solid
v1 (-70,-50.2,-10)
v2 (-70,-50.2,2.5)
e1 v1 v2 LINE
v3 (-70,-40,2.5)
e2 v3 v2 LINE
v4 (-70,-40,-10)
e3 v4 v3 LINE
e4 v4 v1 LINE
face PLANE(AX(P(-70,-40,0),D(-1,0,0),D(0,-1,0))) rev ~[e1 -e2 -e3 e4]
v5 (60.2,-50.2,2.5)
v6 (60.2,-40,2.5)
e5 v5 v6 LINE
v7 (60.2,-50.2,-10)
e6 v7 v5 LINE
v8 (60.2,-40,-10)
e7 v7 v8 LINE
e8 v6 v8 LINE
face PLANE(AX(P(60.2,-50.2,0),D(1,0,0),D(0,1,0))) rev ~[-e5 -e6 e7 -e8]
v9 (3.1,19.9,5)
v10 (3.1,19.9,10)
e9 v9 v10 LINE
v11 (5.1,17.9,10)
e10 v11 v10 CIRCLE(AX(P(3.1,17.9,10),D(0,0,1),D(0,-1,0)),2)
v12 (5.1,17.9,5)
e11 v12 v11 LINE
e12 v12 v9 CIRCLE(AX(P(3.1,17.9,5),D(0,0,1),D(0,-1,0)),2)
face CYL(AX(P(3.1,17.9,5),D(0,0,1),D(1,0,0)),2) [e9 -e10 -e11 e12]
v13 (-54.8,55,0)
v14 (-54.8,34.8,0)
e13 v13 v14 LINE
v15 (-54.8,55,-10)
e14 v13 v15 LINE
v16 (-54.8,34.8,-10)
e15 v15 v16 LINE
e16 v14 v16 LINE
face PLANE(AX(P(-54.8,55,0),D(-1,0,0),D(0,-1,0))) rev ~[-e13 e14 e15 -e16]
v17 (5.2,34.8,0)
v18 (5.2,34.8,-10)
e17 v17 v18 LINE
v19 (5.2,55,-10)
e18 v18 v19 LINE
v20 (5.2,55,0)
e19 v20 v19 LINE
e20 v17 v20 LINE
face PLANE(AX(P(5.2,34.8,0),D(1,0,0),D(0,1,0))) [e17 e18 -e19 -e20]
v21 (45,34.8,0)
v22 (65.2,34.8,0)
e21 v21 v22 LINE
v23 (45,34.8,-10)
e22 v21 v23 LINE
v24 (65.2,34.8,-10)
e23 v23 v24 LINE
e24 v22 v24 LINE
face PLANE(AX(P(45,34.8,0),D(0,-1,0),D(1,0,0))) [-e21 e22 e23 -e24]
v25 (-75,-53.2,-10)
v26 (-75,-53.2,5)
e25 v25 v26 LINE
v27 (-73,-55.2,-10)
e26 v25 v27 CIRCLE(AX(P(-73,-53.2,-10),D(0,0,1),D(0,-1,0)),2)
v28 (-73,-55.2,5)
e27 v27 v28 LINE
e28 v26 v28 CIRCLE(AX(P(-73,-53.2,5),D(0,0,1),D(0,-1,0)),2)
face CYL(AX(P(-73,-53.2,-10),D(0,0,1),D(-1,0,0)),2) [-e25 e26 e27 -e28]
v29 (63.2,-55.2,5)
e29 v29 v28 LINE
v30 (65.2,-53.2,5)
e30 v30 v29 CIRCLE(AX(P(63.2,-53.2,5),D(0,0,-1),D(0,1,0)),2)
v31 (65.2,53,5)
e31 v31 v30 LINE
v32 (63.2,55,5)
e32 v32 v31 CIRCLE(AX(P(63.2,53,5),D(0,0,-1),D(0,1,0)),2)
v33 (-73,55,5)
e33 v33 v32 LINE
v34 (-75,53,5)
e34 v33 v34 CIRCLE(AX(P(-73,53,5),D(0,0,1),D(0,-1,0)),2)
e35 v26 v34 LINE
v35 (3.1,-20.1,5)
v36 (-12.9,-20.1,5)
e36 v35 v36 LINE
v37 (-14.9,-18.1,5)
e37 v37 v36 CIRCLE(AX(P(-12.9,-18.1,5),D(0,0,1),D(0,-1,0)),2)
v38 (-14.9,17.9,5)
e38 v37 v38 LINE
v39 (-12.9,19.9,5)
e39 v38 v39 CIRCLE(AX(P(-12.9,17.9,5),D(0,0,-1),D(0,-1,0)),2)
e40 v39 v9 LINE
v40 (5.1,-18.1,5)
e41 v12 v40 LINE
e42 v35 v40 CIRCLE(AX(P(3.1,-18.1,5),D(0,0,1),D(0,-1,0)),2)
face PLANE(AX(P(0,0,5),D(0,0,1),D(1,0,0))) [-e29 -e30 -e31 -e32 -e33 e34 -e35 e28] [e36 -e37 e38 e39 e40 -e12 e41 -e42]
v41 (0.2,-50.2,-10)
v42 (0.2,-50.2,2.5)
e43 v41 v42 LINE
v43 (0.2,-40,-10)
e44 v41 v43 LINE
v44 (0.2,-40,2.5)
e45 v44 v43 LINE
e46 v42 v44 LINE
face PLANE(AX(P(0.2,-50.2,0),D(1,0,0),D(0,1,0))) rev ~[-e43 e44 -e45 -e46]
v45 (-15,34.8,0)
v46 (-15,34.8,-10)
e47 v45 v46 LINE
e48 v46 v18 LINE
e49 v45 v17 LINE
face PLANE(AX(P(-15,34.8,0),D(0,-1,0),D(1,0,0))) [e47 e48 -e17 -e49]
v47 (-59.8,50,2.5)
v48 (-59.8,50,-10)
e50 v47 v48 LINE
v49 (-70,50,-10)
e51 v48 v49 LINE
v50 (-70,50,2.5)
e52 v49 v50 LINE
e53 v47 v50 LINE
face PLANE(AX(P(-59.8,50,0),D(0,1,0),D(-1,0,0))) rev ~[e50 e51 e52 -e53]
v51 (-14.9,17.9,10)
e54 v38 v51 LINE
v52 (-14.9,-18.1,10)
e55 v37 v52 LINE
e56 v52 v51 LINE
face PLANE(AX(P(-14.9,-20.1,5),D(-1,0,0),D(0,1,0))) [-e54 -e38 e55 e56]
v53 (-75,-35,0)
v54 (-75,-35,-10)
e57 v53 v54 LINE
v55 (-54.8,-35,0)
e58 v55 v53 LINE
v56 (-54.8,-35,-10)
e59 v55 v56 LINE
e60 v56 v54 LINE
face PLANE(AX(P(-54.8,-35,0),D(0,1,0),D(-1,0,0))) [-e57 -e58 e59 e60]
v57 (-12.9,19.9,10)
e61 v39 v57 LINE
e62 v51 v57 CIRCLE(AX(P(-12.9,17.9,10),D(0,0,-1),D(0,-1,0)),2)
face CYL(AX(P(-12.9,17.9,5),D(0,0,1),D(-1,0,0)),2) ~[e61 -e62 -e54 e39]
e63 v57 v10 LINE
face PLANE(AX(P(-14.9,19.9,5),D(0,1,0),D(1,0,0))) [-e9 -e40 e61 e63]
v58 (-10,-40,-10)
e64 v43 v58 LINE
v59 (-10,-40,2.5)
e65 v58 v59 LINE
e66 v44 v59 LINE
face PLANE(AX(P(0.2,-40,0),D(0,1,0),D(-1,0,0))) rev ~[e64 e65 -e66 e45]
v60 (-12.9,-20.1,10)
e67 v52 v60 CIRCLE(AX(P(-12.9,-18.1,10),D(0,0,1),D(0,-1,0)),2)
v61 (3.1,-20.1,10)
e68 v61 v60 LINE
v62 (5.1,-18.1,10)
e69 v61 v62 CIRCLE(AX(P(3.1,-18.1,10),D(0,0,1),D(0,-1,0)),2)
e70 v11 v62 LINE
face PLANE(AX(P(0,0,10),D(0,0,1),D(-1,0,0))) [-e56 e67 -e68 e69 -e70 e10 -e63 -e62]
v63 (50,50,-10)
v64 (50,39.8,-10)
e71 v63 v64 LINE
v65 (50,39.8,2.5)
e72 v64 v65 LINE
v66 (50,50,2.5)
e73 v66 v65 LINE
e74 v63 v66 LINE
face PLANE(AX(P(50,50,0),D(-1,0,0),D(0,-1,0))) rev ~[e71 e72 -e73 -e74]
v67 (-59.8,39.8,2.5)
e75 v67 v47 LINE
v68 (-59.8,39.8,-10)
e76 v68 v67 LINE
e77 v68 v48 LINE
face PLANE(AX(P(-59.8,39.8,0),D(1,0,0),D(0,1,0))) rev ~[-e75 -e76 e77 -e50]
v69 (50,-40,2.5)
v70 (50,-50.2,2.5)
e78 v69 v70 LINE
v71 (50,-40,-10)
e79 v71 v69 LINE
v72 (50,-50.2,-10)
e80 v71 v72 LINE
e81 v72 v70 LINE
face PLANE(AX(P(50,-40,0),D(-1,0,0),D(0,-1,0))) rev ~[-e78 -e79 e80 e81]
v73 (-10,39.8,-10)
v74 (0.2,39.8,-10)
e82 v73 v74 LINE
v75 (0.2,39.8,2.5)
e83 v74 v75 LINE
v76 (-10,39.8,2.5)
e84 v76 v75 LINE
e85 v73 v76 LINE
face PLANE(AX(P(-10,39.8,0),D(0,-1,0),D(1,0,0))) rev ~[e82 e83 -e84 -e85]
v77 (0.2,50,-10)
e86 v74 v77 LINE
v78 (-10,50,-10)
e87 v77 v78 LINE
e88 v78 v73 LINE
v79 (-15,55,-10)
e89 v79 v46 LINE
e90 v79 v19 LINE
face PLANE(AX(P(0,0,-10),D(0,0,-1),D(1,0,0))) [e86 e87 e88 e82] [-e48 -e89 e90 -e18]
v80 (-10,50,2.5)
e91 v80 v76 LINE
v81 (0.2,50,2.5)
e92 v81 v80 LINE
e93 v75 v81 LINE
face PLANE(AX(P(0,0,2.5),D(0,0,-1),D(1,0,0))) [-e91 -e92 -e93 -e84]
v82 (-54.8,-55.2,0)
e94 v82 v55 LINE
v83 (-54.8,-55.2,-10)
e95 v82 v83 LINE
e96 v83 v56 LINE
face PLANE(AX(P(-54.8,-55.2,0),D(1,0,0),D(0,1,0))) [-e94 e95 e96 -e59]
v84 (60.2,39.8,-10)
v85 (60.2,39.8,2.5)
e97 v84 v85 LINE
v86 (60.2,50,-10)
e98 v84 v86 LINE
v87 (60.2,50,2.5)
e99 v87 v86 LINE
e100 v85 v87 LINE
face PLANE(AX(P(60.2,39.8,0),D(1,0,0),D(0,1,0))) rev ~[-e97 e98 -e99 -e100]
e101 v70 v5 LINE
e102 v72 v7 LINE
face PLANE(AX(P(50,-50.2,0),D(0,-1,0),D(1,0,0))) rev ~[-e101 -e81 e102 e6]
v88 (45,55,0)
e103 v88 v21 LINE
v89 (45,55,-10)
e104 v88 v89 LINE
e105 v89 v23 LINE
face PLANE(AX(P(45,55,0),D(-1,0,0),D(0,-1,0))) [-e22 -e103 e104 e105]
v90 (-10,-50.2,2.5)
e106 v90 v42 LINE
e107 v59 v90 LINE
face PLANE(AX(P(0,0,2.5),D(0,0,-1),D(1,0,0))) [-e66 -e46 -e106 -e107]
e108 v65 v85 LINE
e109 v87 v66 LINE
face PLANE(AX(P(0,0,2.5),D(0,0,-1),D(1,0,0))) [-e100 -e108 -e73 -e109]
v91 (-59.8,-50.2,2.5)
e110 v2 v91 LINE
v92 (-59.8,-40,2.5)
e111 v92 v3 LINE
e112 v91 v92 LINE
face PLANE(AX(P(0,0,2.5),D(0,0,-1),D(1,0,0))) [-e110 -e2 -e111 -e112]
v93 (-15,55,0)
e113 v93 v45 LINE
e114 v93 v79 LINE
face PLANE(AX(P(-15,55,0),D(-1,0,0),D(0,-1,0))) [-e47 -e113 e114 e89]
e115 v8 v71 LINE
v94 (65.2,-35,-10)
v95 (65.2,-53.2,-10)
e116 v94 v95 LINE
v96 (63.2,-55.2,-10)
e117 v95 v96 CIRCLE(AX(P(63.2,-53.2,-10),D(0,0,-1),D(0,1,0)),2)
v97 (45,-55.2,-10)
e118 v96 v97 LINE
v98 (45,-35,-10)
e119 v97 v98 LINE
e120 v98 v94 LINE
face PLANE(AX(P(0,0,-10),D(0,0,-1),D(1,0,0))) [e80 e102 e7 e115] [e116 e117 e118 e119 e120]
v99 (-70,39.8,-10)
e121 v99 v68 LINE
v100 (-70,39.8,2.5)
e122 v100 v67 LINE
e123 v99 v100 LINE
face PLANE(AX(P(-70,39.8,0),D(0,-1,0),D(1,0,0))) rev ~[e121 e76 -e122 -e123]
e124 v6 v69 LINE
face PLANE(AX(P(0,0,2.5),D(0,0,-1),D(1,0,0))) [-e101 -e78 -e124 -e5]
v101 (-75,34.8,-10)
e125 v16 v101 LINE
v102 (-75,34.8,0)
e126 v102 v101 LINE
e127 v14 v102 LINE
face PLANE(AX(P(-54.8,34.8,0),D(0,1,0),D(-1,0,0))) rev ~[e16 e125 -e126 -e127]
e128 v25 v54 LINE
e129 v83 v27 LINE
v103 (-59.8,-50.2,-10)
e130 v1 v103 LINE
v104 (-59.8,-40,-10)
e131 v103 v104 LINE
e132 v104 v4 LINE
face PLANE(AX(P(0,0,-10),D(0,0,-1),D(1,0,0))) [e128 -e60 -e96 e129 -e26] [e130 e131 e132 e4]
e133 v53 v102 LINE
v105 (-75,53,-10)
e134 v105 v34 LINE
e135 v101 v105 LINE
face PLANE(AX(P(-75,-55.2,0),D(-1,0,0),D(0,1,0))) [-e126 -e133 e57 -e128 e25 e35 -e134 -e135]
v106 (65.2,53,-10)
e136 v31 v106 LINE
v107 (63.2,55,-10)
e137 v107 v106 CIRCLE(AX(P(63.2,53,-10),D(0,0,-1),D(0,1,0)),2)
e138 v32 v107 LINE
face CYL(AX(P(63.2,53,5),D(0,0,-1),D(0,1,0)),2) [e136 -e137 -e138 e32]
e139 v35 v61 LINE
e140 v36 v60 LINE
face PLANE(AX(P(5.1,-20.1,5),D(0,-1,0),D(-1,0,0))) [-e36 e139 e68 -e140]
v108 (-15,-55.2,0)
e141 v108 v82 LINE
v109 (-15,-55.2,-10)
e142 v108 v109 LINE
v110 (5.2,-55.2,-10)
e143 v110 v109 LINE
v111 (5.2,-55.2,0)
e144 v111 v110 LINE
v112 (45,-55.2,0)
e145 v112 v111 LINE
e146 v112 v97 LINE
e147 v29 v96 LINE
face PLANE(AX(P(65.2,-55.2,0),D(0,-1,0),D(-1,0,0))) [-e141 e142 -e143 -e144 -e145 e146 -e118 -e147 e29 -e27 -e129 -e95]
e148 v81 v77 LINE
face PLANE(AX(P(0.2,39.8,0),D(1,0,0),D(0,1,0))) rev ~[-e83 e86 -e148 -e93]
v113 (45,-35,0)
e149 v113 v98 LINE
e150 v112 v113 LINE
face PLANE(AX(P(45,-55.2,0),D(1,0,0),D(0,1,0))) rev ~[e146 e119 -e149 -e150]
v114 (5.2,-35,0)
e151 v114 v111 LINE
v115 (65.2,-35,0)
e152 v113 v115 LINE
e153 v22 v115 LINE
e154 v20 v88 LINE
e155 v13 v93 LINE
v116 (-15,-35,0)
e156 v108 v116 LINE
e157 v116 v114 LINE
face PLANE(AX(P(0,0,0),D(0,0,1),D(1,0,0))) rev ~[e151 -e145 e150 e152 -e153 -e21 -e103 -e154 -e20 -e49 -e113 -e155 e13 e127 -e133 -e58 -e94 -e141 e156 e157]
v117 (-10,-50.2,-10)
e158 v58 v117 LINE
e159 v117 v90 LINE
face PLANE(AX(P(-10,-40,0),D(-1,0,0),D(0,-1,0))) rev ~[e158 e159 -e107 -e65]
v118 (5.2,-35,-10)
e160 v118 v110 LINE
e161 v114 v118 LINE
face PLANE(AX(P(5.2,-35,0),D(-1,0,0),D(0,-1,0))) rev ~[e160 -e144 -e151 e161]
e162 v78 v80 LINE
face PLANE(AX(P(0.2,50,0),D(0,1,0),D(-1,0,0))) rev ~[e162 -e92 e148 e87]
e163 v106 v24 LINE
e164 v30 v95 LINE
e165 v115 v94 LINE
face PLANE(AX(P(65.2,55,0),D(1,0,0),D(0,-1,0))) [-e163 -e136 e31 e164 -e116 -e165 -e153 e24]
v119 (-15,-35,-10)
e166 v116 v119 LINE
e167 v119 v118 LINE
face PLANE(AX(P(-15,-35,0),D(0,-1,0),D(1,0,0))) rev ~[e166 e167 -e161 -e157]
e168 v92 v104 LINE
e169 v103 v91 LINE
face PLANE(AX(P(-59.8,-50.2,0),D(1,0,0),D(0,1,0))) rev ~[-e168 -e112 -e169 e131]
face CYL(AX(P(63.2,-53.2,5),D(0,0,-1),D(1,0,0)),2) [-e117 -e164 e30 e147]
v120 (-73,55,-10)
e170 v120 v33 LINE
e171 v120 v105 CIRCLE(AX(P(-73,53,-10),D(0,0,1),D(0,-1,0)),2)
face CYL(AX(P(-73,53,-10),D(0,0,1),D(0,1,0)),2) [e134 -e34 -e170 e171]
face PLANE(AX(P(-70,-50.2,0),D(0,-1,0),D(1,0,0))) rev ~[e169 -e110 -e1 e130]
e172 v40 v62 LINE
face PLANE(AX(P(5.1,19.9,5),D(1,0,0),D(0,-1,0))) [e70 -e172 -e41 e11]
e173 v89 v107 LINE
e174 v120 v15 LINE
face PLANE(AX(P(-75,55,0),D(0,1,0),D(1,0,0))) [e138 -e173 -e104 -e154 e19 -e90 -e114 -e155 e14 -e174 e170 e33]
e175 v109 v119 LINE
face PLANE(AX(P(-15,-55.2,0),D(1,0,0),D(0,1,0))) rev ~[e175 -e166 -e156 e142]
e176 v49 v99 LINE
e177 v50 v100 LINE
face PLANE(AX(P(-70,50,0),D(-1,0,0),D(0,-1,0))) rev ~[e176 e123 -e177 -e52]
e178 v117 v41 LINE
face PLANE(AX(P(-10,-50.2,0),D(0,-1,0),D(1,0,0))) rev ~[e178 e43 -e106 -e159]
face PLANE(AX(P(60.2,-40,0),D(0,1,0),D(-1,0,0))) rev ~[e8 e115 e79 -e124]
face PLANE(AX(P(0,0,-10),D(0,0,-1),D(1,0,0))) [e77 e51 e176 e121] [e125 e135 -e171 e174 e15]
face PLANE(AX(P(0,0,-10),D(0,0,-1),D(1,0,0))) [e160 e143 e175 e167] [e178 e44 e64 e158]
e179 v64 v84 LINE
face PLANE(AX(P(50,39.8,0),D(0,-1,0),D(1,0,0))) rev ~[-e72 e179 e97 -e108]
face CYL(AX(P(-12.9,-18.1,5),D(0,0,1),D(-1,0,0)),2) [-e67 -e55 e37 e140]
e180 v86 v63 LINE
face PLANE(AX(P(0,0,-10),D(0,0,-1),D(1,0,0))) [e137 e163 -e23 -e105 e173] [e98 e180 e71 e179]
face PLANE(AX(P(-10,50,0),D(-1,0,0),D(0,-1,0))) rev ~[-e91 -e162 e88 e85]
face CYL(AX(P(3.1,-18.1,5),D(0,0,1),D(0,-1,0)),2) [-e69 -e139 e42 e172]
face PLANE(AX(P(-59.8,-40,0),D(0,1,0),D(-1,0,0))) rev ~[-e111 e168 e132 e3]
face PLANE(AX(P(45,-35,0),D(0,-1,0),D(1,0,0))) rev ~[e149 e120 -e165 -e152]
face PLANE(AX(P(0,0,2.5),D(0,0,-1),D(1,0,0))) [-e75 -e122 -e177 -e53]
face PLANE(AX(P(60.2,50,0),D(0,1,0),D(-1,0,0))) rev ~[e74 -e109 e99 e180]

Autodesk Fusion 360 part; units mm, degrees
sketch "Sketch1" plane through (0, 0, 0) normal (0, 0, 1) x (1, 0, 0)
  line L0 (-75, 55) -> (65.2, 55)
  line L1 (65.2, 55) -> (65.2, -55.2)
  line L2 (65.2, -55.2) -> (-75, -55.2)
  line L3 (-75, -55.2) -> (-75, 55)
  dimension "d1" = 140.2
  dimension "d2" = 110.2
extrude "Extrude1" add sketch "Sketch1" along normal blind 5
sketch "Sketch2" plane through (0, 0, 0) normal (0, 0, -1) x (1, 0, 0)
  line L0 (65.2, 55.2) -> (-75, 55.2)
  line L1 (-75, 55.2) -> (-75, -55)
  line L2 (-75, -55) -> (65.2, -55)
  line L3 (65.2, -55) -> (65.2, 55.2)
  line L4 (65.2, -55) -> (45, -55)
  line L5 (45, -55) -> (45, -34.8)
  line L6 (45, -34.8) -> (65.2, -34.8)
  line L7 (65.2, -34.8) -> (65.2, -55)
  line L8 (-75, -55) -> (-54.8, -55)
  line L9 (-54.8, -55) -> (-54.8, -34.8)
  line L10 (-54.8, -34.8) -> (-75, -34.8)
  line L11 (-75, -34.8) -> (-75, -55)
  line L12 (5.2, -55) -> (-15, -55)
  line L13 (-15, -55) -> (-15, -34.8)
  line L14 (-15, -34.8) -> (5.2, -34.8)
  line L15 (5.2, -34.8) -> (5.2, -55)
  line L16 (65.2, 55.2) -> (45, 55.2)
  line L17 (45, 55.2) -> (45, 35)
  line L18 (45, 35) -> (65.2, 35)
  line L19 (65.2, 35) -> (65.2, 55.2)
  line L20 (5.2, 55.2) -> (-15, 55.2)
  line L21 (-15, 55.2) -> (-15, 35)
  line L22 (-15, 35) -> (5.2, 35)
  line L23 (5.2, 35) -> (5.2, 55.2)
  line L24 (-75, 55.2) -> (-54.8, 55.2)
  line L25 (-54.8, 55.2) -> (-54.8, 35)
  line L26 (-54.8, 35) -> (-75, 35)
  line L27 (-75, 35) -> (-75, 55.2)
  line L28 (60.2, -50) -> (50, -50)
  line L29 (50, -50) -> (50, -39.8)
  line L30 (50, -39.8) -> (60.2, -39.8)
  line L31 (60.2, -39.8) -> (60.2, -50)
  line L32 (0.2, -50) -> (-10, -50)
  line L33 (-10, -50) -> (-10, -39.8)
  line L34 (-10, -39.8) -> (0.2, -39.8)
  line L35 (0.2, -39.8) -> (0.2, -50)
  line L36 (-59.8, -50) -> (-70, -50)
  line L37 (-70, -50) -> (-70, -39.8)
  line L38 (-70, -39.8) -> (-59.8, -39.8)
  line L39 (-59.8, -39.8) -> (-59.8, -50)
  line L40 (60.2, 40) -> (50, 40)
  line L41 (50, 40) -> (50, 50.2)
  line L42 (50, 50.2) -> (60.2, 50.2)
  line L43 (60.2, 50.2) -> (60.2, 40)
  line L44 (0.2, 40) -> (-10, 40)
  line L45 (-10, 40) -> (-10, 50.2)
  line L46 (-10, 50.2) -> (0.2, 50.2)
  line L47 (0.2, 50.2) -> (0.2, 40)
  line L48 (-59.8, 40) -> (-70, 40)
  line L49 (-70, 40) -> (-70, 50.2)
  line L50 (-70, 50.2) -> (-59.8, 50.2)
  line L51 (-59.8, 50.2) -> (-59.8, 40)
  dimension "d5" = 20.2
  dimension "d6" = 20.2
  dimension "d7" = 20.2
  dimension "d8" = 39.8
  dimension "d9" = 20.2
  dimension "d10" = 20.2
  dimension "d11" = 39.8
  dimension "d12" = 20.2
  dimension "d13" = 20.2
  dimension "d14" = 20.2
  dimension "d15" = 20.2
  dimension "d16" = 39.8
  dimension "d17" = 20.2
  dimension "d18" = 39.8
  dimension "d19" = 20.2
  dimension "d20" = 20.2
  dimension "d21" = 5
  dimension "d22" = 5
  dimension "d23" = 5
  dimension "d24" = 5
  dimension "d25" = 5
  dimension "d26" = 5
  dimension "d27" = 5
  dimension "d28" = 5
  dimension "d29" = 5
  dimension "d30" = 5
  dimension "d31" = 5
  dimension "d32" = 5
  dimension "d33" = 5
  dimension "d34" = 5
  dimension "d35" = 5
  dimension "d36" = 5
  dimension "d37" = 5
  dimension "d38" = 5
  dimension "d39" = 5
  dimension "d40" = 5
  dimension "d41" = 5
  dimension "d42" = 5
  dimension "d43" = 5
  dimension "d44" = 5
extrude "Extrude2" cut sketch "Sketch2" against normal blind 2.5 contours L28 L29 L30 L31 | L32 L33 L34 L35 | L36 L37 L38 L39 | L40 L41 L42 L43 | L44 L45 L46 L47 | L48 L49 L50 L51
extrude "Extrude3" add sketch "Sketch2" along normal blind 10 contours L0 L3 L16 L17 L18 L19 | L0 L20 L21 L22 L23 | L2 L3 L4 L5 L6 L7 | L0 L1 L24 L25 L26 L27 | L2 L12 L13 L14 L15 | L1 L2 L8 L9 L10 L11
sketch "Sketch3" plane through (0, 0, 5) normal (0, 0, 1) x (-1, 0, 0)
  line L0 (75, 55.2) -> (-65.2, 55.2)
  line L1 (-65.2, 55.2) -> (-65.2, -55)
  line L2 (-65.2, -55) -> (75, -55)
  line L3 (75, -55) -> (75, 55.2)
  line L4 (14.9, -19.9) -> (-5.1, -19.9)
  line L5 (-5.1, -19.9) -> (-5.1, 20.1)
  line L6 (-5.1, 20.1) -> (14.9, 20.1)
  line L7 (14.9, 20.1) -> (14.9, -19.9)
  dimension "d49" = 20
  dimension "d50" = 40
  dimension "d51" = 110.2
  dimension "d52" = 140.2
  dimension "d53" = 35.1
  dimension "d54" = 35.1
  dimension "d55" = 60.1
  dimension "d56" = 60.1
extrude "Extrude4" add sketch "Sketch3" along normal blind 5 contours L4 L5 L6 L7
fillet "Fillet1" radius 2 4 edges at (-75, -55.2, -2.5) (65.2, -55.2, -2.5) (65.2, 55, -2.5) (-75, 55, -2.5)
fillet "Fillet2" radius 2 4 edges at (5.1, -20.1, 7.5) (-14.9, -20.1, 7.5) (5.1, 19.9, 7.5) (-14.9, 19.9, 7.5)
